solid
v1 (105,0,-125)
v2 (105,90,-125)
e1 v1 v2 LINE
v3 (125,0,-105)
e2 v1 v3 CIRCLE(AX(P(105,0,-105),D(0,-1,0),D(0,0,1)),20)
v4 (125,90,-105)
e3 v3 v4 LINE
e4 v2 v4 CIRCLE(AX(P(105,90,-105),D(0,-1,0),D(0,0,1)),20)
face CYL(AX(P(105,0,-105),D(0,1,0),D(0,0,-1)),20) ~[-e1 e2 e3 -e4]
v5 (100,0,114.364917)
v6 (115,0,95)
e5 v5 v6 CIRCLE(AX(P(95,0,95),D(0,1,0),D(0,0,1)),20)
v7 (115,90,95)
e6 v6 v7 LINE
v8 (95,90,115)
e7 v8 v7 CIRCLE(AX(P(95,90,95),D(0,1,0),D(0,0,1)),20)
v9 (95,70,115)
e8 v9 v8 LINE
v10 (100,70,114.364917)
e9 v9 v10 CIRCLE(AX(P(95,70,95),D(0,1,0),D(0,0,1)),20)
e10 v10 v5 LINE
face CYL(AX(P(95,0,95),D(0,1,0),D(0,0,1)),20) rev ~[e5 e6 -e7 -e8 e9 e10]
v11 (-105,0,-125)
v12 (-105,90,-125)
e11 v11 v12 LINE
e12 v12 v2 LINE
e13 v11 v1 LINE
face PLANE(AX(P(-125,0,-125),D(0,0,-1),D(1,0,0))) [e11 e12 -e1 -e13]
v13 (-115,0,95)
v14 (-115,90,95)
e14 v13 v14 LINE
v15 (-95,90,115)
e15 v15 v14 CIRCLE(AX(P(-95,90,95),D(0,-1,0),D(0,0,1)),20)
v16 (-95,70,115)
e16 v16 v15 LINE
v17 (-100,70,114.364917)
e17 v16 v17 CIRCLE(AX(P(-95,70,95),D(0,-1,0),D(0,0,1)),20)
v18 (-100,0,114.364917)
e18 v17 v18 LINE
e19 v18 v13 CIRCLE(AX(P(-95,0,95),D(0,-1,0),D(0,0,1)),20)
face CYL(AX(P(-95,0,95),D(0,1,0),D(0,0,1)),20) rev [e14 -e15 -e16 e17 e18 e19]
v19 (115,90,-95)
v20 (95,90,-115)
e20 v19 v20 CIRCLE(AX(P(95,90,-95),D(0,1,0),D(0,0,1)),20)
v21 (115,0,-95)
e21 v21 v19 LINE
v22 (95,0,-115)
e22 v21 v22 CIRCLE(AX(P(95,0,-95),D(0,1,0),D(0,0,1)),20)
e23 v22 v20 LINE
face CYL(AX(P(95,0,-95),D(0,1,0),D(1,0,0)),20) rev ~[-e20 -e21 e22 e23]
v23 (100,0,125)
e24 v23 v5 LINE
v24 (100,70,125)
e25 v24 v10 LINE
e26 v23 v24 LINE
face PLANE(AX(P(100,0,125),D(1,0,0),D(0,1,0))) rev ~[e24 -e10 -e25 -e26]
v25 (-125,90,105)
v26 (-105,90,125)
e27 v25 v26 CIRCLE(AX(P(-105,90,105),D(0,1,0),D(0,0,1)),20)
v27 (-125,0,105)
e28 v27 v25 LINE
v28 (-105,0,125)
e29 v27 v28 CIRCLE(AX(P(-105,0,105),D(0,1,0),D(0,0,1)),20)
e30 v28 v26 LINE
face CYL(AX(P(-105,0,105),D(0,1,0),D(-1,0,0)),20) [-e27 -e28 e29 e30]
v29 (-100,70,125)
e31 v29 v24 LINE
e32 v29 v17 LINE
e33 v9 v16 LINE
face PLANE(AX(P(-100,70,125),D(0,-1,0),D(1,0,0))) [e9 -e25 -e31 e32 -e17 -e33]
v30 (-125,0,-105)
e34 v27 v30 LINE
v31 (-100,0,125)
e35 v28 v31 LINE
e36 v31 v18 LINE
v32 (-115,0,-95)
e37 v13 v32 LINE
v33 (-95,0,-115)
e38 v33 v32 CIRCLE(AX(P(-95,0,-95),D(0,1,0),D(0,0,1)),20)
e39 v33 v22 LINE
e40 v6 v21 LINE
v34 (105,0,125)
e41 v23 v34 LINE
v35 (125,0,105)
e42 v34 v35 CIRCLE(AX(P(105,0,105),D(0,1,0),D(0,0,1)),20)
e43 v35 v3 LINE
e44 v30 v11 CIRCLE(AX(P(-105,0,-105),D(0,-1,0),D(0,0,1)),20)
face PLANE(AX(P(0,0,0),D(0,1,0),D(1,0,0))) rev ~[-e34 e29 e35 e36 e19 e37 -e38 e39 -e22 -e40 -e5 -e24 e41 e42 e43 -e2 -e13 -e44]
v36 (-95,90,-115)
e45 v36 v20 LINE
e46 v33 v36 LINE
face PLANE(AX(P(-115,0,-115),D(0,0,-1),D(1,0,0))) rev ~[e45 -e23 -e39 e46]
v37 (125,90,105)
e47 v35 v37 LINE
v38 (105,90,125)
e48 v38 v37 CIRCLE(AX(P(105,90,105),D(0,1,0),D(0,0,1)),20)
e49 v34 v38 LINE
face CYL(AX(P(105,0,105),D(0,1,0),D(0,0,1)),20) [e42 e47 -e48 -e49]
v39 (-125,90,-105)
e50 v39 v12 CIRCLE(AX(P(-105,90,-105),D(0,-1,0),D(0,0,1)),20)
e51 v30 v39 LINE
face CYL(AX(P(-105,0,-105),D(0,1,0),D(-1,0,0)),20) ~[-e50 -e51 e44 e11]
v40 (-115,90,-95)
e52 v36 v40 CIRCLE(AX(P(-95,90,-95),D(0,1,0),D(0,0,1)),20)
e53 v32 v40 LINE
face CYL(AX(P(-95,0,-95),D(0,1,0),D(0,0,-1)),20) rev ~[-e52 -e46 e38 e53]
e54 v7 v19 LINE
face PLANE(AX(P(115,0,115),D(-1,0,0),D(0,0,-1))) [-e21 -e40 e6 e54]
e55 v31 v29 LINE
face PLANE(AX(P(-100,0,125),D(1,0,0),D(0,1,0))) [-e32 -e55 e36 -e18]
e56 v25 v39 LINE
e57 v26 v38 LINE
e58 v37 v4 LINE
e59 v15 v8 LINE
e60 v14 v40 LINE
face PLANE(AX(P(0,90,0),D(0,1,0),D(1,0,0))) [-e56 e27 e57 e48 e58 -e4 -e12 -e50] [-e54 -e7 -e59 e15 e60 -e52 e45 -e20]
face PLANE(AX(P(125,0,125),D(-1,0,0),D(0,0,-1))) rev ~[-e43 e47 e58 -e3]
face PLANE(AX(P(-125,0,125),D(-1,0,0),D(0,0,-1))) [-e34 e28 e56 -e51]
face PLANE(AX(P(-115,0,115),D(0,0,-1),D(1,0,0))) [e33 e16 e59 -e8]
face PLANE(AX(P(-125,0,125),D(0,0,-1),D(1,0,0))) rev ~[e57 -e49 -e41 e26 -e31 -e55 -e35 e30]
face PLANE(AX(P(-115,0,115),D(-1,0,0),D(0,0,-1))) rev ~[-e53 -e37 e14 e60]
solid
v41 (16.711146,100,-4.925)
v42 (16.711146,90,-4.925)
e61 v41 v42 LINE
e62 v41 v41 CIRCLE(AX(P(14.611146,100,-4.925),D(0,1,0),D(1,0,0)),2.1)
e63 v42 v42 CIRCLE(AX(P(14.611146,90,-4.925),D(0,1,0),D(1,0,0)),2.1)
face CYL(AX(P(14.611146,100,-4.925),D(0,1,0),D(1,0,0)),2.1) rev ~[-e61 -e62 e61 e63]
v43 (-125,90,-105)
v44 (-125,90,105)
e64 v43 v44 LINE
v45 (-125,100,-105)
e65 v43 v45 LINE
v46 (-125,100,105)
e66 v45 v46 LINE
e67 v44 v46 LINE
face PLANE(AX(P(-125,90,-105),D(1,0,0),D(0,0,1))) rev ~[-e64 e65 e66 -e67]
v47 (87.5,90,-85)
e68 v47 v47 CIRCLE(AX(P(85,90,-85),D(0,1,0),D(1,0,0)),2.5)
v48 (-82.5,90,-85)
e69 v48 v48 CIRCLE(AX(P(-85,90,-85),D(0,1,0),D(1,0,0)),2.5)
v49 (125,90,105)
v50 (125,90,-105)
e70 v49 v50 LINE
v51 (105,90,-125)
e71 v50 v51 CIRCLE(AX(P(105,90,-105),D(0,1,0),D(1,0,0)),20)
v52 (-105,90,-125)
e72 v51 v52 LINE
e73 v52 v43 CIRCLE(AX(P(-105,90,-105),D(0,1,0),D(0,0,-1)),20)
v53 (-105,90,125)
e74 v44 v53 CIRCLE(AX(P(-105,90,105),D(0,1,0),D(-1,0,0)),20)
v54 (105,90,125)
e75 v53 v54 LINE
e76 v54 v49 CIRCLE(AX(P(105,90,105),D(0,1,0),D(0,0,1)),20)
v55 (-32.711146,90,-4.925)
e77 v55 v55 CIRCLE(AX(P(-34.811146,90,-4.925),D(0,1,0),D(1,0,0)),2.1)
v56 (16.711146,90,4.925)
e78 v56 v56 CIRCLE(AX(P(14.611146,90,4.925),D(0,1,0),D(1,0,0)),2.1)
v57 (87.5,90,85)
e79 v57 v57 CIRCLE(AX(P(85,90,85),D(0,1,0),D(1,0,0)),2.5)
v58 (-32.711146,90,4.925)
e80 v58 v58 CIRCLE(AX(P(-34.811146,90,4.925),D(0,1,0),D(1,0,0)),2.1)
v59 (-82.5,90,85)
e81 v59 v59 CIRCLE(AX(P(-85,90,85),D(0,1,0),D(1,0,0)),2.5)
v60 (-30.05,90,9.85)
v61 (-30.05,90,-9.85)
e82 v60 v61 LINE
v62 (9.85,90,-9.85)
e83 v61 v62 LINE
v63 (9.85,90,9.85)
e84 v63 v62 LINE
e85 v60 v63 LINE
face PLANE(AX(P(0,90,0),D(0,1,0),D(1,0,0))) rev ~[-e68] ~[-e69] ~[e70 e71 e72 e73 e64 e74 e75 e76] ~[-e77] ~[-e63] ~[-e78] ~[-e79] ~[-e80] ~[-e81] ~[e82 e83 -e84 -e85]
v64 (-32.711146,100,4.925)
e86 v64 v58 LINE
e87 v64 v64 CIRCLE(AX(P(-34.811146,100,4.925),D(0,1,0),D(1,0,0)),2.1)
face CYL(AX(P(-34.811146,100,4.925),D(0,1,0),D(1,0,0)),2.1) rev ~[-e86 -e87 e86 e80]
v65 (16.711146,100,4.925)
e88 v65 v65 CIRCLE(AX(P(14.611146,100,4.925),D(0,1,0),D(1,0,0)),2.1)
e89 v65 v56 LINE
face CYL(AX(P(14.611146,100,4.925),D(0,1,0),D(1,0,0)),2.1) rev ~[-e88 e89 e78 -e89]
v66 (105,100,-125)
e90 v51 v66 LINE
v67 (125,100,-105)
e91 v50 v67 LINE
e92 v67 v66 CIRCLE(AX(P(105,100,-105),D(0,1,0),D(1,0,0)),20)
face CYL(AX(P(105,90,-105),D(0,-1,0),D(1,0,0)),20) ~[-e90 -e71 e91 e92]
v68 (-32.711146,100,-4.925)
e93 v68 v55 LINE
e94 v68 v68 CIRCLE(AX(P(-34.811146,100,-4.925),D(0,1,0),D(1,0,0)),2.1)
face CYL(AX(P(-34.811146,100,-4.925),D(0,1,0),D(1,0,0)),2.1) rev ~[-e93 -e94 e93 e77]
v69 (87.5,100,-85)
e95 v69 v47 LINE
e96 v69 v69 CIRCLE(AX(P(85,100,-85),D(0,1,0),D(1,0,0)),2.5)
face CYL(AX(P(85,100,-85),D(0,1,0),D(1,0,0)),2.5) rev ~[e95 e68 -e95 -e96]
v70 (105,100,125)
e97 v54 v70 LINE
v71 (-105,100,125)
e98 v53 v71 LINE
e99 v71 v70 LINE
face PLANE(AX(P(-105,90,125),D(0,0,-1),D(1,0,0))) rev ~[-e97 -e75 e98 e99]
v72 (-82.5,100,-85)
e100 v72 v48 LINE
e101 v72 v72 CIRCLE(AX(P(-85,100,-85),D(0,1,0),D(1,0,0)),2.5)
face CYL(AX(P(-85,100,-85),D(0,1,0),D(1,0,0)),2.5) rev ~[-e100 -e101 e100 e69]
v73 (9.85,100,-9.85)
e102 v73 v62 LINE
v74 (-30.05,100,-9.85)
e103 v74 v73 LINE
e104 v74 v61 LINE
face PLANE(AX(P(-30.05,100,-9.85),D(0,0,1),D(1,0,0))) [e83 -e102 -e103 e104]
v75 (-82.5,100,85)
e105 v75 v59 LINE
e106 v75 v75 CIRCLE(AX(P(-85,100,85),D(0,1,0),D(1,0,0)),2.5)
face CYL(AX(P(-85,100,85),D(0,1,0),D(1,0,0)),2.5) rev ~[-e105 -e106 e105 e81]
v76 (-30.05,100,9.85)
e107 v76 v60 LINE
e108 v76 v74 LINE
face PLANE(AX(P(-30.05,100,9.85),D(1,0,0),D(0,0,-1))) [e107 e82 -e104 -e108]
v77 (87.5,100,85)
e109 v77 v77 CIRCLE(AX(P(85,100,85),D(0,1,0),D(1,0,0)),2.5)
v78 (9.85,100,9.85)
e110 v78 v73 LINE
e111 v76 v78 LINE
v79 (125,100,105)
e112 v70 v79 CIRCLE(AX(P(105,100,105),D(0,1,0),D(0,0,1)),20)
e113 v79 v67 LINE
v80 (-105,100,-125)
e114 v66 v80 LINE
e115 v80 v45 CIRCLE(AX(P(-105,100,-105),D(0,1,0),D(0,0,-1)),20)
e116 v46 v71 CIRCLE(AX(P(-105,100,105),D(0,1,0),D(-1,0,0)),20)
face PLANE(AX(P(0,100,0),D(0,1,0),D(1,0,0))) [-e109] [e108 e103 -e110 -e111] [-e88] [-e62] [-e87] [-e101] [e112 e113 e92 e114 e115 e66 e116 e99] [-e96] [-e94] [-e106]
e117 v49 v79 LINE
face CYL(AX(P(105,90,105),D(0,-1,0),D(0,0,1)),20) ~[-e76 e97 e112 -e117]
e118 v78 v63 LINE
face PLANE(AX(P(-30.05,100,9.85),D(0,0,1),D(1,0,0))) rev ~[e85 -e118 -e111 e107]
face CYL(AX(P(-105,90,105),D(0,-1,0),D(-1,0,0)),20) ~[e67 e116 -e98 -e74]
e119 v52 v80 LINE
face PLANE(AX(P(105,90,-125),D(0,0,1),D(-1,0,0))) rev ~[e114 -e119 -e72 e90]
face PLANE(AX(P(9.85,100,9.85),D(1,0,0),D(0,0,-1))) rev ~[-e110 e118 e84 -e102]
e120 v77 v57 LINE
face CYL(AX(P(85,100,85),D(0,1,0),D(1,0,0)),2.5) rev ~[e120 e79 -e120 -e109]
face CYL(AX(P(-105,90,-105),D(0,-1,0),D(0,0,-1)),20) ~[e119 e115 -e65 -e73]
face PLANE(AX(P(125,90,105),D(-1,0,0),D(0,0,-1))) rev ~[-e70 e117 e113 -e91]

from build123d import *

# Parameters (mm, degrees)
SKETCH1_W            = 250
SKETCH1_H            = 250
SKETCH1_W_2          = 230
SKETCH1_H_2          = 230
BOSS_EXTRUDE1_DEPTH  = 90
SKETCH2_W            = 200
SKETCH2_H            = 70
CUT_EXTRUDE1_DEPTH   = 50
FILLET1_R            = 20
BOSS_EXTRUDE2_DEPTH  = 10
SKETCH4_R            = 2.5
CUT_EXTRUDE2_DEPTH   = 10
LPATTERN1_COUNT      = 2
LPATTERN1_PITCH      = 170
LPATTERN1_COUNT_DIR2 = 2
LPATTERN1_PITCH_DIR2 = 170
SKETCH6_R            = 2.1
SKETCH6_W            = 39.9
SKETCH6_H            = 19.7
CUT_EXTRUDE3_DEPTH   = 10


with BuildPart() as part:
    # Sketch1 → Boss-Extrude1 (new body)
    with BuildSketch(Plane(origin=(0, 0, 0), x_dir=(1, 0, 0), z_dir=(0, 1, 0))):
        Rectangle(SKETCH1_W, SKETCH1_H)
        Rectangle(SKETCH1_W_2, SKETCH1_H_2, mode=Mode.SUBTRACT)
    extrude(amount=BOSS_EXTRUDE1_DEPTH)

    # Sketch2 → Cut-Extrude1 (cut)
    with BuildSketch(Plane.XY.offset(125)):
        with Locations((0, 35)):
            Rectangle(SKETCH2_W, SKETCH2_H)
    extrude(amount=-CUT_EXTRUDE1_DEPTH, mode=Mode.SUBTRACT)

    # Fillet1
    fillet1_edges = [part.edges().sort_by_distance(p)[0] for p in [
        (-115, 45, 115),
        (115, 45, 115),
        (115, 45, -115),
        (-115, 45, -115),
        (-125, 45, 125),
        (125, 45, 125),
        (125, 45, -125),
        (-125, 45, -125),
    ]]
    fillet(fillet1_edges, radius=FILLET1_R)


with BuildPart() as body_2:
    # Sketch3 → Boss-Extrude2 (new body)
    with BuildSketch(Plane(origin=(0, 90, 0), x_dir=(1, 0, 0), z_dir=(0, 1, 0))):
        with BuildLine():
            Line((-105, -125), (105, -125))
            ThreePointArc((105, -125), (119.142135624, -119.142135624), (125, -105))
            Line((125, -105), (125, 105))
            ThreePointArc((125, 105), (119.142135624, 119.142135624), (105, 125))
            Line((105, 125), (-105, 125))
            ThreePointArc((-105, 125), (-119.142135624, 119.142135624), (-125, 105))
            Line((-125, 105), (-125, -105))
            ThreePointArc((-125, -105), (-119.142135624, -119.142135624), (-105, -125))
        make_face()
    extrude(amount=BOSS_EXTRUDE2_DEPTH)

    # Sketch4 → Cut-Extrude2 (cut)
    with BuildSketch(Plane(origin=(0, 100, 0), x_dir=(1, 0, 0), z_dir=(0, 1, 0))):
        with Locations((-85, 85)):
            Circle(SKETCH4_R)
    cut_extrude2 = extrude(amount=-CUT_EXTRUDE2_DEPTH, mode=Mode.SUBTRACT)

    # LPattern1: Cut-Extrude2 2 × 2
    with Locations(*[(i * LPATTERN1_PITCH, 0, j * LPATTERN1_PITCH_DIR2) for i in range(LPATTERN1_COUNT) for j in range(LPATTERN1_COUNT_DIR2) if (i, j) != (0, 0)]):
        add(cut_extrude2, mode=Mode.SUBTRACT)

    # Sketch6 → Cut-Extrude3 (cut)
    with BuildSketch(Plane(origin=(0, 100, 0), x_dir=(1, 0, 0), z_dir=(0, 1, 0))):
        with Locations((-34.811145618, 4.925)):
            Circle(SKETCH6_R)
        with Locations((-34.811145618, -4.925)):
            Circle(SKETCH6_R)
        with Locations((14.611145618, -4.925)):
            Circle(SKETCH6_R)
        with Locations((14.611145618, 4.925)):
            Circle(SKETCH6_R)
        with Locations((-10.1, 0)):
            Rectangle(SKETCH6_W, SKETCH6_H)
    extrude(amount=-CUT_EXTRUDE3_DEPTH, mode=Mode.SUBTRACT)


solid = Compound([part.part, body_2.part])
